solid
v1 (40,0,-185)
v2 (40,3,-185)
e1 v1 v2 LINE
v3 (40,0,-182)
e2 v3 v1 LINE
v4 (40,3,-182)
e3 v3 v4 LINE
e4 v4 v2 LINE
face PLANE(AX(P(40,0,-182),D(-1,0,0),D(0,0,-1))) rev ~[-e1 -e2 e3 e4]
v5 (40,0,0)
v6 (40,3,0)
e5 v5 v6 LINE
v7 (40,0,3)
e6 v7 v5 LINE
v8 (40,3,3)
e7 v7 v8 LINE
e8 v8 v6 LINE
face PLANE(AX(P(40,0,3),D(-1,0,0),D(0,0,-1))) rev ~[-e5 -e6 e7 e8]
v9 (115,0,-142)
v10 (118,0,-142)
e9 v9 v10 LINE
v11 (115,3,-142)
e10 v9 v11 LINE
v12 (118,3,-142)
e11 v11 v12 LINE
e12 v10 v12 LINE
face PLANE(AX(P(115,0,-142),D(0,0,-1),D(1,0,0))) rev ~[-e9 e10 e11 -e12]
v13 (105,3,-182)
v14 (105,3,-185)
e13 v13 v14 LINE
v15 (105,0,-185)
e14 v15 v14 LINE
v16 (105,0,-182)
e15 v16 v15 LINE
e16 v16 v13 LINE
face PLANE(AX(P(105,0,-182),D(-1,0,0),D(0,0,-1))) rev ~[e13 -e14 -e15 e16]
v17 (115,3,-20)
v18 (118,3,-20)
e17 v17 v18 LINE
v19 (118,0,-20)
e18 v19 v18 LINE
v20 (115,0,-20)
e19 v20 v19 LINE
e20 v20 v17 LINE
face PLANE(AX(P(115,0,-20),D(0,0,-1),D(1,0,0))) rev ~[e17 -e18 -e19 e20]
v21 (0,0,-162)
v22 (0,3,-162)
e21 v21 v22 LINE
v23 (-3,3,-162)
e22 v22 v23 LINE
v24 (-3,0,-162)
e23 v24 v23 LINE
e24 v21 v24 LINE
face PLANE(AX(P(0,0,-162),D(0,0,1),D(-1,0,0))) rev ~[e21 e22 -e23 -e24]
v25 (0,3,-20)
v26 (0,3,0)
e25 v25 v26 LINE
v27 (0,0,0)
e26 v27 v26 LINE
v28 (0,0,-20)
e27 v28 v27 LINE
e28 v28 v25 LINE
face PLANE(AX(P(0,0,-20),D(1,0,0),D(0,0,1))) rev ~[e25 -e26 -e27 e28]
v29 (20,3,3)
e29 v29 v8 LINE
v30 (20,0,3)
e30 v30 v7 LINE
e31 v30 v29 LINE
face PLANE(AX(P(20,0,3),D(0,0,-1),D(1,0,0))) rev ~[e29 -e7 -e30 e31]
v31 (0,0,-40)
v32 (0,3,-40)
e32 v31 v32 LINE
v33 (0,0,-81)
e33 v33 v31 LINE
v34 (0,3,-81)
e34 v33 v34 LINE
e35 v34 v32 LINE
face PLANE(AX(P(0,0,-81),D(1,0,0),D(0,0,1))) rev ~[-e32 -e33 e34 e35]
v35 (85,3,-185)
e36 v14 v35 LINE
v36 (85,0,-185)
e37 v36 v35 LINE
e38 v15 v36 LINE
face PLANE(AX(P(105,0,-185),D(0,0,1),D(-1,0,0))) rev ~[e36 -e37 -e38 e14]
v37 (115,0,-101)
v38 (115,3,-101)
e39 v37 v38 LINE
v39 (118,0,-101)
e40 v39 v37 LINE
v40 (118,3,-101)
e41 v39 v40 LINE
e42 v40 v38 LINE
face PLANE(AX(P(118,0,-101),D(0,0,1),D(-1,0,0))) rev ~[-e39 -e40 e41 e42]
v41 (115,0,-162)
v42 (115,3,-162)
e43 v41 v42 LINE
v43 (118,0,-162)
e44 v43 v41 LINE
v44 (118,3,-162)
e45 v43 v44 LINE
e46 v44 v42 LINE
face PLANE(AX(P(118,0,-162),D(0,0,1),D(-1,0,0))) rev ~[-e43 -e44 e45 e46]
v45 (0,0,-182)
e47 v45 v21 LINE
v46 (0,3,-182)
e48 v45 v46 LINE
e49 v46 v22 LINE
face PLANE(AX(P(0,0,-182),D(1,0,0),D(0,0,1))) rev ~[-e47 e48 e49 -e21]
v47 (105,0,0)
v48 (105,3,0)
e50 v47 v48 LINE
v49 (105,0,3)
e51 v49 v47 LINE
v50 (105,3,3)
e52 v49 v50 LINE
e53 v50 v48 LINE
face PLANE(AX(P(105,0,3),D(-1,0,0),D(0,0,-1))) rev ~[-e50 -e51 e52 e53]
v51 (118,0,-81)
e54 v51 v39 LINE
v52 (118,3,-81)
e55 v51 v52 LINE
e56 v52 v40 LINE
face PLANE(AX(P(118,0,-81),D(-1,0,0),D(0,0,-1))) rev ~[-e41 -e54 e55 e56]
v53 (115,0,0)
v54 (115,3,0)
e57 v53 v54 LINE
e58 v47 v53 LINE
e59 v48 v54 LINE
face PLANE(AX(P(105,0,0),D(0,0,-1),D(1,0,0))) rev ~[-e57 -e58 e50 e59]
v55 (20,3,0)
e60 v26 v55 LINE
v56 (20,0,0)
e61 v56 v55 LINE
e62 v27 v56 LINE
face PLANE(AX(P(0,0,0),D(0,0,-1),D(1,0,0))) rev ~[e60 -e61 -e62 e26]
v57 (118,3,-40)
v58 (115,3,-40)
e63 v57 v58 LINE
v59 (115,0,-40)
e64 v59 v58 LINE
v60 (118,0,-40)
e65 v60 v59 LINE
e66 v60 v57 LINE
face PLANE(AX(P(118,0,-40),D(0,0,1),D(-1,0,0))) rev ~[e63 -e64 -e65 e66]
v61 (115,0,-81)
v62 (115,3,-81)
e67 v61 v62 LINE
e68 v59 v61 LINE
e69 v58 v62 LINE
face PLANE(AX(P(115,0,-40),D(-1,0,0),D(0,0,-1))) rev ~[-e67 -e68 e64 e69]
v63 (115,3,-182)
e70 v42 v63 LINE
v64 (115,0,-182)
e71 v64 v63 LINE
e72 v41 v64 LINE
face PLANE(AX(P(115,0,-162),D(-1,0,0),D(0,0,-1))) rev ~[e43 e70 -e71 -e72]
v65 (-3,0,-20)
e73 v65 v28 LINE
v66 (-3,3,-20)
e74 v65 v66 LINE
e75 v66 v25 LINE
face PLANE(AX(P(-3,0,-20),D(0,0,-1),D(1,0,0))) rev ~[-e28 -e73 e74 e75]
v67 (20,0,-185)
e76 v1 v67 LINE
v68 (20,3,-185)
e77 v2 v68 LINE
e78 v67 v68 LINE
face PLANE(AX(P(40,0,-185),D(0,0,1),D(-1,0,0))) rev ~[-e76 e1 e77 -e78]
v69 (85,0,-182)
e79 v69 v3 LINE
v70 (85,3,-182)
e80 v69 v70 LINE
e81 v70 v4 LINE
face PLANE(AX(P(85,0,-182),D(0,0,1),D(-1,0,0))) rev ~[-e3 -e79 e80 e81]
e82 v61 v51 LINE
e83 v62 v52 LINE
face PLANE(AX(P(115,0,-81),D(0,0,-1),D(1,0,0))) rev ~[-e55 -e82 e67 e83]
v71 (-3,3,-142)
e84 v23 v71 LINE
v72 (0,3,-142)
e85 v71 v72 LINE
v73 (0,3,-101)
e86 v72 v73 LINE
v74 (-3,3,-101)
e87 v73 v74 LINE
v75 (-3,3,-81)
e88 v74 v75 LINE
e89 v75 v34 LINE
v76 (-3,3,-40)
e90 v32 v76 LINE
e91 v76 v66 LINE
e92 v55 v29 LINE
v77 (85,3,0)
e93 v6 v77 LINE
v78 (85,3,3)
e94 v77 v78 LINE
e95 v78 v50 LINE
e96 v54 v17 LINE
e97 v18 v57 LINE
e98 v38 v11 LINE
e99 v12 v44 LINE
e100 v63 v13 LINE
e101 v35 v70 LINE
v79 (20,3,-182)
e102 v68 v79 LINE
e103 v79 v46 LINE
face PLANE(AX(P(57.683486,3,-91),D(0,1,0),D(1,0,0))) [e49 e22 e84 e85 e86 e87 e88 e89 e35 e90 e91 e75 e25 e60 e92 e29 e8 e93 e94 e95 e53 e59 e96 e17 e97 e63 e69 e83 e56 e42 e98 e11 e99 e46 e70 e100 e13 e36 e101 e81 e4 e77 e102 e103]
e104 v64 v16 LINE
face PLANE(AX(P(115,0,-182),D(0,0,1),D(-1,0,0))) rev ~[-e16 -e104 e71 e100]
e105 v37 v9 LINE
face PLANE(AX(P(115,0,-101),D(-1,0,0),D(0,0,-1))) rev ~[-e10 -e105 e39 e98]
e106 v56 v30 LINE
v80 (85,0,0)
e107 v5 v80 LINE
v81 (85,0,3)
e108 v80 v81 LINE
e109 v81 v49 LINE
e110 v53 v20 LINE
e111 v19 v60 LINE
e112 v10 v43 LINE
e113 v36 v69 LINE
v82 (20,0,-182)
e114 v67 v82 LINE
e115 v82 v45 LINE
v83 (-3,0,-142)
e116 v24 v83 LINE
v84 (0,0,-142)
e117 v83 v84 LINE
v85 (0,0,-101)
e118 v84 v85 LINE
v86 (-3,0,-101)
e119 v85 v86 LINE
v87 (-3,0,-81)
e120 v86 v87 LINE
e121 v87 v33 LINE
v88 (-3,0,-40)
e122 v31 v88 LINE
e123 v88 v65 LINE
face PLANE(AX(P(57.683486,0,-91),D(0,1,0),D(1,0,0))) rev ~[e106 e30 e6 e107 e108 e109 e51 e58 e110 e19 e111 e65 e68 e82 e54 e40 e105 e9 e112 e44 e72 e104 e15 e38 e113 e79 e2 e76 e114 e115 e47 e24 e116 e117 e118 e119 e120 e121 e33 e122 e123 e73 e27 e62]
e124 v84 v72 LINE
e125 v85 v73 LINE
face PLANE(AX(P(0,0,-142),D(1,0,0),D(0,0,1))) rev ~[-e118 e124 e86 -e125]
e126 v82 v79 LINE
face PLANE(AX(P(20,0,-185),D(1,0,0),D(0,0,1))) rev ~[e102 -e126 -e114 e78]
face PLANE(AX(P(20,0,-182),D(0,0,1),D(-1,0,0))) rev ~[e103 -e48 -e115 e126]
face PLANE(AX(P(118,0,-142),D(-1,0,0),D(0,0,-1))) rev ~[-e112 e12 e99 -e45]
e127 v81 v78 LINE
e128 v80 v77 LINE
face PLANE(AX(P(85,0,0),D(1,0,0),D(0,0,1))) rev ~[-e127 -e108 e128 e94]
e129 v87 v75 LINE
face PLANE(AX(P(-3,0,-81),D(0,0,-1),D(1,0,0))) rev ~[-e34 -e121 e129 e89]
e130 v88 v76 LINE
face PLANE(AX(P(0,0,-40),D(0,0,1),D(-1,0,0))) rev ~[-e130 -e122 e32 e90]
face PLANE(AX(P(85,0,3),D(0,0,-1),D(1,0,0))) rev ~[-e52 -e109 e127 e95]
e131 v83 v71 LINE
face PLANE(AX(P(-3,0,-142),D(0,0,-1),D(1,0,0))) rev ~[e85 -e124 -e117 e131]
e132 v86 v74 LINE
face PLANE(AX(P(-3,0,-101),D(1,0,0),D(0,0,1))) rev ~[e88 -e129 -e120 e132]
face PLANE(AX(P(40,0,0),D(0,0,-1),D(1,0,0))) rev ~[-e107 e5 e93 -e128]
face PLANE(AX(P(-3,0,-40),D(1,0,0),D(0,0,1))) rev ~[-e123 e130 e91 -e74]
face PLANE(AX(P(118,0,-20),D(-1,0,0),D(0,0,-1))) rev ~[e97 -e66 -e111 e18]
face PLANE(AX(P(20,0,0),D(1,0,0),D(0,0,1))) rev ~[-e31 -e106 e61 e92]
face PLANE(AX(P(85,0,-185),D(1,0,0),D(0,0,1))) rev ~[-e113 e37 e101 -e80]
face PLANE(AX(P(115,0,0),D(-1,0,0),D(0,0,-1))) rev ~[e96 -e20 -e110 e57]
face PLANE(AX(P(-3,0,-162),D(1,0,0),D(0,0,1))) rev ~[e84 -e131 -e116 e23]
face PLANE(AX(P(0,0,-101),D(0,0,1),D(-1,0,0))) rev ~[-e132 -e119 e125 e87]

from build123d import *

# Parameters (mm, degrees)
BOSS_EXTRUDE1_DEPTH = 3


with BuildPart() as part:
    # Sketch1 → Boss-Extrude1 (new body)
    with BuildSketch(Plane(origin=(0, 0, 0), x_dir=(1, 0, 0), z_dir=(0, 1, 0))):
        Polygon((40, 0), (85, 0), (85, -3), (105, -3), (105, 0), (115, 0), (115, 20), (118, 20), (118, 40), (115, 40), (115, 81), (118, 81), (118, 101), (115, 101), (115, 142), (118, 142), (118, 162), (115, 162), (115, 182), (105, 182), (105, 185), (85, 185), (85, 182), (40, 182), (40, 185), (20, 185), (20, 182), (0, 182), (0, 162), (-3, 162), (-3, 142), (0, 142), (0, 101), (-3, 101), (-3, 81), (0, 81), (0, 40), (-3, 40), (-3, 20), (0, 20), (0, 0), (20, 0), (20, -3), (40, -3), align=None)
    extrude(amount=BOSS_EXTRUDE1_DEPTH)


solid = part.part
